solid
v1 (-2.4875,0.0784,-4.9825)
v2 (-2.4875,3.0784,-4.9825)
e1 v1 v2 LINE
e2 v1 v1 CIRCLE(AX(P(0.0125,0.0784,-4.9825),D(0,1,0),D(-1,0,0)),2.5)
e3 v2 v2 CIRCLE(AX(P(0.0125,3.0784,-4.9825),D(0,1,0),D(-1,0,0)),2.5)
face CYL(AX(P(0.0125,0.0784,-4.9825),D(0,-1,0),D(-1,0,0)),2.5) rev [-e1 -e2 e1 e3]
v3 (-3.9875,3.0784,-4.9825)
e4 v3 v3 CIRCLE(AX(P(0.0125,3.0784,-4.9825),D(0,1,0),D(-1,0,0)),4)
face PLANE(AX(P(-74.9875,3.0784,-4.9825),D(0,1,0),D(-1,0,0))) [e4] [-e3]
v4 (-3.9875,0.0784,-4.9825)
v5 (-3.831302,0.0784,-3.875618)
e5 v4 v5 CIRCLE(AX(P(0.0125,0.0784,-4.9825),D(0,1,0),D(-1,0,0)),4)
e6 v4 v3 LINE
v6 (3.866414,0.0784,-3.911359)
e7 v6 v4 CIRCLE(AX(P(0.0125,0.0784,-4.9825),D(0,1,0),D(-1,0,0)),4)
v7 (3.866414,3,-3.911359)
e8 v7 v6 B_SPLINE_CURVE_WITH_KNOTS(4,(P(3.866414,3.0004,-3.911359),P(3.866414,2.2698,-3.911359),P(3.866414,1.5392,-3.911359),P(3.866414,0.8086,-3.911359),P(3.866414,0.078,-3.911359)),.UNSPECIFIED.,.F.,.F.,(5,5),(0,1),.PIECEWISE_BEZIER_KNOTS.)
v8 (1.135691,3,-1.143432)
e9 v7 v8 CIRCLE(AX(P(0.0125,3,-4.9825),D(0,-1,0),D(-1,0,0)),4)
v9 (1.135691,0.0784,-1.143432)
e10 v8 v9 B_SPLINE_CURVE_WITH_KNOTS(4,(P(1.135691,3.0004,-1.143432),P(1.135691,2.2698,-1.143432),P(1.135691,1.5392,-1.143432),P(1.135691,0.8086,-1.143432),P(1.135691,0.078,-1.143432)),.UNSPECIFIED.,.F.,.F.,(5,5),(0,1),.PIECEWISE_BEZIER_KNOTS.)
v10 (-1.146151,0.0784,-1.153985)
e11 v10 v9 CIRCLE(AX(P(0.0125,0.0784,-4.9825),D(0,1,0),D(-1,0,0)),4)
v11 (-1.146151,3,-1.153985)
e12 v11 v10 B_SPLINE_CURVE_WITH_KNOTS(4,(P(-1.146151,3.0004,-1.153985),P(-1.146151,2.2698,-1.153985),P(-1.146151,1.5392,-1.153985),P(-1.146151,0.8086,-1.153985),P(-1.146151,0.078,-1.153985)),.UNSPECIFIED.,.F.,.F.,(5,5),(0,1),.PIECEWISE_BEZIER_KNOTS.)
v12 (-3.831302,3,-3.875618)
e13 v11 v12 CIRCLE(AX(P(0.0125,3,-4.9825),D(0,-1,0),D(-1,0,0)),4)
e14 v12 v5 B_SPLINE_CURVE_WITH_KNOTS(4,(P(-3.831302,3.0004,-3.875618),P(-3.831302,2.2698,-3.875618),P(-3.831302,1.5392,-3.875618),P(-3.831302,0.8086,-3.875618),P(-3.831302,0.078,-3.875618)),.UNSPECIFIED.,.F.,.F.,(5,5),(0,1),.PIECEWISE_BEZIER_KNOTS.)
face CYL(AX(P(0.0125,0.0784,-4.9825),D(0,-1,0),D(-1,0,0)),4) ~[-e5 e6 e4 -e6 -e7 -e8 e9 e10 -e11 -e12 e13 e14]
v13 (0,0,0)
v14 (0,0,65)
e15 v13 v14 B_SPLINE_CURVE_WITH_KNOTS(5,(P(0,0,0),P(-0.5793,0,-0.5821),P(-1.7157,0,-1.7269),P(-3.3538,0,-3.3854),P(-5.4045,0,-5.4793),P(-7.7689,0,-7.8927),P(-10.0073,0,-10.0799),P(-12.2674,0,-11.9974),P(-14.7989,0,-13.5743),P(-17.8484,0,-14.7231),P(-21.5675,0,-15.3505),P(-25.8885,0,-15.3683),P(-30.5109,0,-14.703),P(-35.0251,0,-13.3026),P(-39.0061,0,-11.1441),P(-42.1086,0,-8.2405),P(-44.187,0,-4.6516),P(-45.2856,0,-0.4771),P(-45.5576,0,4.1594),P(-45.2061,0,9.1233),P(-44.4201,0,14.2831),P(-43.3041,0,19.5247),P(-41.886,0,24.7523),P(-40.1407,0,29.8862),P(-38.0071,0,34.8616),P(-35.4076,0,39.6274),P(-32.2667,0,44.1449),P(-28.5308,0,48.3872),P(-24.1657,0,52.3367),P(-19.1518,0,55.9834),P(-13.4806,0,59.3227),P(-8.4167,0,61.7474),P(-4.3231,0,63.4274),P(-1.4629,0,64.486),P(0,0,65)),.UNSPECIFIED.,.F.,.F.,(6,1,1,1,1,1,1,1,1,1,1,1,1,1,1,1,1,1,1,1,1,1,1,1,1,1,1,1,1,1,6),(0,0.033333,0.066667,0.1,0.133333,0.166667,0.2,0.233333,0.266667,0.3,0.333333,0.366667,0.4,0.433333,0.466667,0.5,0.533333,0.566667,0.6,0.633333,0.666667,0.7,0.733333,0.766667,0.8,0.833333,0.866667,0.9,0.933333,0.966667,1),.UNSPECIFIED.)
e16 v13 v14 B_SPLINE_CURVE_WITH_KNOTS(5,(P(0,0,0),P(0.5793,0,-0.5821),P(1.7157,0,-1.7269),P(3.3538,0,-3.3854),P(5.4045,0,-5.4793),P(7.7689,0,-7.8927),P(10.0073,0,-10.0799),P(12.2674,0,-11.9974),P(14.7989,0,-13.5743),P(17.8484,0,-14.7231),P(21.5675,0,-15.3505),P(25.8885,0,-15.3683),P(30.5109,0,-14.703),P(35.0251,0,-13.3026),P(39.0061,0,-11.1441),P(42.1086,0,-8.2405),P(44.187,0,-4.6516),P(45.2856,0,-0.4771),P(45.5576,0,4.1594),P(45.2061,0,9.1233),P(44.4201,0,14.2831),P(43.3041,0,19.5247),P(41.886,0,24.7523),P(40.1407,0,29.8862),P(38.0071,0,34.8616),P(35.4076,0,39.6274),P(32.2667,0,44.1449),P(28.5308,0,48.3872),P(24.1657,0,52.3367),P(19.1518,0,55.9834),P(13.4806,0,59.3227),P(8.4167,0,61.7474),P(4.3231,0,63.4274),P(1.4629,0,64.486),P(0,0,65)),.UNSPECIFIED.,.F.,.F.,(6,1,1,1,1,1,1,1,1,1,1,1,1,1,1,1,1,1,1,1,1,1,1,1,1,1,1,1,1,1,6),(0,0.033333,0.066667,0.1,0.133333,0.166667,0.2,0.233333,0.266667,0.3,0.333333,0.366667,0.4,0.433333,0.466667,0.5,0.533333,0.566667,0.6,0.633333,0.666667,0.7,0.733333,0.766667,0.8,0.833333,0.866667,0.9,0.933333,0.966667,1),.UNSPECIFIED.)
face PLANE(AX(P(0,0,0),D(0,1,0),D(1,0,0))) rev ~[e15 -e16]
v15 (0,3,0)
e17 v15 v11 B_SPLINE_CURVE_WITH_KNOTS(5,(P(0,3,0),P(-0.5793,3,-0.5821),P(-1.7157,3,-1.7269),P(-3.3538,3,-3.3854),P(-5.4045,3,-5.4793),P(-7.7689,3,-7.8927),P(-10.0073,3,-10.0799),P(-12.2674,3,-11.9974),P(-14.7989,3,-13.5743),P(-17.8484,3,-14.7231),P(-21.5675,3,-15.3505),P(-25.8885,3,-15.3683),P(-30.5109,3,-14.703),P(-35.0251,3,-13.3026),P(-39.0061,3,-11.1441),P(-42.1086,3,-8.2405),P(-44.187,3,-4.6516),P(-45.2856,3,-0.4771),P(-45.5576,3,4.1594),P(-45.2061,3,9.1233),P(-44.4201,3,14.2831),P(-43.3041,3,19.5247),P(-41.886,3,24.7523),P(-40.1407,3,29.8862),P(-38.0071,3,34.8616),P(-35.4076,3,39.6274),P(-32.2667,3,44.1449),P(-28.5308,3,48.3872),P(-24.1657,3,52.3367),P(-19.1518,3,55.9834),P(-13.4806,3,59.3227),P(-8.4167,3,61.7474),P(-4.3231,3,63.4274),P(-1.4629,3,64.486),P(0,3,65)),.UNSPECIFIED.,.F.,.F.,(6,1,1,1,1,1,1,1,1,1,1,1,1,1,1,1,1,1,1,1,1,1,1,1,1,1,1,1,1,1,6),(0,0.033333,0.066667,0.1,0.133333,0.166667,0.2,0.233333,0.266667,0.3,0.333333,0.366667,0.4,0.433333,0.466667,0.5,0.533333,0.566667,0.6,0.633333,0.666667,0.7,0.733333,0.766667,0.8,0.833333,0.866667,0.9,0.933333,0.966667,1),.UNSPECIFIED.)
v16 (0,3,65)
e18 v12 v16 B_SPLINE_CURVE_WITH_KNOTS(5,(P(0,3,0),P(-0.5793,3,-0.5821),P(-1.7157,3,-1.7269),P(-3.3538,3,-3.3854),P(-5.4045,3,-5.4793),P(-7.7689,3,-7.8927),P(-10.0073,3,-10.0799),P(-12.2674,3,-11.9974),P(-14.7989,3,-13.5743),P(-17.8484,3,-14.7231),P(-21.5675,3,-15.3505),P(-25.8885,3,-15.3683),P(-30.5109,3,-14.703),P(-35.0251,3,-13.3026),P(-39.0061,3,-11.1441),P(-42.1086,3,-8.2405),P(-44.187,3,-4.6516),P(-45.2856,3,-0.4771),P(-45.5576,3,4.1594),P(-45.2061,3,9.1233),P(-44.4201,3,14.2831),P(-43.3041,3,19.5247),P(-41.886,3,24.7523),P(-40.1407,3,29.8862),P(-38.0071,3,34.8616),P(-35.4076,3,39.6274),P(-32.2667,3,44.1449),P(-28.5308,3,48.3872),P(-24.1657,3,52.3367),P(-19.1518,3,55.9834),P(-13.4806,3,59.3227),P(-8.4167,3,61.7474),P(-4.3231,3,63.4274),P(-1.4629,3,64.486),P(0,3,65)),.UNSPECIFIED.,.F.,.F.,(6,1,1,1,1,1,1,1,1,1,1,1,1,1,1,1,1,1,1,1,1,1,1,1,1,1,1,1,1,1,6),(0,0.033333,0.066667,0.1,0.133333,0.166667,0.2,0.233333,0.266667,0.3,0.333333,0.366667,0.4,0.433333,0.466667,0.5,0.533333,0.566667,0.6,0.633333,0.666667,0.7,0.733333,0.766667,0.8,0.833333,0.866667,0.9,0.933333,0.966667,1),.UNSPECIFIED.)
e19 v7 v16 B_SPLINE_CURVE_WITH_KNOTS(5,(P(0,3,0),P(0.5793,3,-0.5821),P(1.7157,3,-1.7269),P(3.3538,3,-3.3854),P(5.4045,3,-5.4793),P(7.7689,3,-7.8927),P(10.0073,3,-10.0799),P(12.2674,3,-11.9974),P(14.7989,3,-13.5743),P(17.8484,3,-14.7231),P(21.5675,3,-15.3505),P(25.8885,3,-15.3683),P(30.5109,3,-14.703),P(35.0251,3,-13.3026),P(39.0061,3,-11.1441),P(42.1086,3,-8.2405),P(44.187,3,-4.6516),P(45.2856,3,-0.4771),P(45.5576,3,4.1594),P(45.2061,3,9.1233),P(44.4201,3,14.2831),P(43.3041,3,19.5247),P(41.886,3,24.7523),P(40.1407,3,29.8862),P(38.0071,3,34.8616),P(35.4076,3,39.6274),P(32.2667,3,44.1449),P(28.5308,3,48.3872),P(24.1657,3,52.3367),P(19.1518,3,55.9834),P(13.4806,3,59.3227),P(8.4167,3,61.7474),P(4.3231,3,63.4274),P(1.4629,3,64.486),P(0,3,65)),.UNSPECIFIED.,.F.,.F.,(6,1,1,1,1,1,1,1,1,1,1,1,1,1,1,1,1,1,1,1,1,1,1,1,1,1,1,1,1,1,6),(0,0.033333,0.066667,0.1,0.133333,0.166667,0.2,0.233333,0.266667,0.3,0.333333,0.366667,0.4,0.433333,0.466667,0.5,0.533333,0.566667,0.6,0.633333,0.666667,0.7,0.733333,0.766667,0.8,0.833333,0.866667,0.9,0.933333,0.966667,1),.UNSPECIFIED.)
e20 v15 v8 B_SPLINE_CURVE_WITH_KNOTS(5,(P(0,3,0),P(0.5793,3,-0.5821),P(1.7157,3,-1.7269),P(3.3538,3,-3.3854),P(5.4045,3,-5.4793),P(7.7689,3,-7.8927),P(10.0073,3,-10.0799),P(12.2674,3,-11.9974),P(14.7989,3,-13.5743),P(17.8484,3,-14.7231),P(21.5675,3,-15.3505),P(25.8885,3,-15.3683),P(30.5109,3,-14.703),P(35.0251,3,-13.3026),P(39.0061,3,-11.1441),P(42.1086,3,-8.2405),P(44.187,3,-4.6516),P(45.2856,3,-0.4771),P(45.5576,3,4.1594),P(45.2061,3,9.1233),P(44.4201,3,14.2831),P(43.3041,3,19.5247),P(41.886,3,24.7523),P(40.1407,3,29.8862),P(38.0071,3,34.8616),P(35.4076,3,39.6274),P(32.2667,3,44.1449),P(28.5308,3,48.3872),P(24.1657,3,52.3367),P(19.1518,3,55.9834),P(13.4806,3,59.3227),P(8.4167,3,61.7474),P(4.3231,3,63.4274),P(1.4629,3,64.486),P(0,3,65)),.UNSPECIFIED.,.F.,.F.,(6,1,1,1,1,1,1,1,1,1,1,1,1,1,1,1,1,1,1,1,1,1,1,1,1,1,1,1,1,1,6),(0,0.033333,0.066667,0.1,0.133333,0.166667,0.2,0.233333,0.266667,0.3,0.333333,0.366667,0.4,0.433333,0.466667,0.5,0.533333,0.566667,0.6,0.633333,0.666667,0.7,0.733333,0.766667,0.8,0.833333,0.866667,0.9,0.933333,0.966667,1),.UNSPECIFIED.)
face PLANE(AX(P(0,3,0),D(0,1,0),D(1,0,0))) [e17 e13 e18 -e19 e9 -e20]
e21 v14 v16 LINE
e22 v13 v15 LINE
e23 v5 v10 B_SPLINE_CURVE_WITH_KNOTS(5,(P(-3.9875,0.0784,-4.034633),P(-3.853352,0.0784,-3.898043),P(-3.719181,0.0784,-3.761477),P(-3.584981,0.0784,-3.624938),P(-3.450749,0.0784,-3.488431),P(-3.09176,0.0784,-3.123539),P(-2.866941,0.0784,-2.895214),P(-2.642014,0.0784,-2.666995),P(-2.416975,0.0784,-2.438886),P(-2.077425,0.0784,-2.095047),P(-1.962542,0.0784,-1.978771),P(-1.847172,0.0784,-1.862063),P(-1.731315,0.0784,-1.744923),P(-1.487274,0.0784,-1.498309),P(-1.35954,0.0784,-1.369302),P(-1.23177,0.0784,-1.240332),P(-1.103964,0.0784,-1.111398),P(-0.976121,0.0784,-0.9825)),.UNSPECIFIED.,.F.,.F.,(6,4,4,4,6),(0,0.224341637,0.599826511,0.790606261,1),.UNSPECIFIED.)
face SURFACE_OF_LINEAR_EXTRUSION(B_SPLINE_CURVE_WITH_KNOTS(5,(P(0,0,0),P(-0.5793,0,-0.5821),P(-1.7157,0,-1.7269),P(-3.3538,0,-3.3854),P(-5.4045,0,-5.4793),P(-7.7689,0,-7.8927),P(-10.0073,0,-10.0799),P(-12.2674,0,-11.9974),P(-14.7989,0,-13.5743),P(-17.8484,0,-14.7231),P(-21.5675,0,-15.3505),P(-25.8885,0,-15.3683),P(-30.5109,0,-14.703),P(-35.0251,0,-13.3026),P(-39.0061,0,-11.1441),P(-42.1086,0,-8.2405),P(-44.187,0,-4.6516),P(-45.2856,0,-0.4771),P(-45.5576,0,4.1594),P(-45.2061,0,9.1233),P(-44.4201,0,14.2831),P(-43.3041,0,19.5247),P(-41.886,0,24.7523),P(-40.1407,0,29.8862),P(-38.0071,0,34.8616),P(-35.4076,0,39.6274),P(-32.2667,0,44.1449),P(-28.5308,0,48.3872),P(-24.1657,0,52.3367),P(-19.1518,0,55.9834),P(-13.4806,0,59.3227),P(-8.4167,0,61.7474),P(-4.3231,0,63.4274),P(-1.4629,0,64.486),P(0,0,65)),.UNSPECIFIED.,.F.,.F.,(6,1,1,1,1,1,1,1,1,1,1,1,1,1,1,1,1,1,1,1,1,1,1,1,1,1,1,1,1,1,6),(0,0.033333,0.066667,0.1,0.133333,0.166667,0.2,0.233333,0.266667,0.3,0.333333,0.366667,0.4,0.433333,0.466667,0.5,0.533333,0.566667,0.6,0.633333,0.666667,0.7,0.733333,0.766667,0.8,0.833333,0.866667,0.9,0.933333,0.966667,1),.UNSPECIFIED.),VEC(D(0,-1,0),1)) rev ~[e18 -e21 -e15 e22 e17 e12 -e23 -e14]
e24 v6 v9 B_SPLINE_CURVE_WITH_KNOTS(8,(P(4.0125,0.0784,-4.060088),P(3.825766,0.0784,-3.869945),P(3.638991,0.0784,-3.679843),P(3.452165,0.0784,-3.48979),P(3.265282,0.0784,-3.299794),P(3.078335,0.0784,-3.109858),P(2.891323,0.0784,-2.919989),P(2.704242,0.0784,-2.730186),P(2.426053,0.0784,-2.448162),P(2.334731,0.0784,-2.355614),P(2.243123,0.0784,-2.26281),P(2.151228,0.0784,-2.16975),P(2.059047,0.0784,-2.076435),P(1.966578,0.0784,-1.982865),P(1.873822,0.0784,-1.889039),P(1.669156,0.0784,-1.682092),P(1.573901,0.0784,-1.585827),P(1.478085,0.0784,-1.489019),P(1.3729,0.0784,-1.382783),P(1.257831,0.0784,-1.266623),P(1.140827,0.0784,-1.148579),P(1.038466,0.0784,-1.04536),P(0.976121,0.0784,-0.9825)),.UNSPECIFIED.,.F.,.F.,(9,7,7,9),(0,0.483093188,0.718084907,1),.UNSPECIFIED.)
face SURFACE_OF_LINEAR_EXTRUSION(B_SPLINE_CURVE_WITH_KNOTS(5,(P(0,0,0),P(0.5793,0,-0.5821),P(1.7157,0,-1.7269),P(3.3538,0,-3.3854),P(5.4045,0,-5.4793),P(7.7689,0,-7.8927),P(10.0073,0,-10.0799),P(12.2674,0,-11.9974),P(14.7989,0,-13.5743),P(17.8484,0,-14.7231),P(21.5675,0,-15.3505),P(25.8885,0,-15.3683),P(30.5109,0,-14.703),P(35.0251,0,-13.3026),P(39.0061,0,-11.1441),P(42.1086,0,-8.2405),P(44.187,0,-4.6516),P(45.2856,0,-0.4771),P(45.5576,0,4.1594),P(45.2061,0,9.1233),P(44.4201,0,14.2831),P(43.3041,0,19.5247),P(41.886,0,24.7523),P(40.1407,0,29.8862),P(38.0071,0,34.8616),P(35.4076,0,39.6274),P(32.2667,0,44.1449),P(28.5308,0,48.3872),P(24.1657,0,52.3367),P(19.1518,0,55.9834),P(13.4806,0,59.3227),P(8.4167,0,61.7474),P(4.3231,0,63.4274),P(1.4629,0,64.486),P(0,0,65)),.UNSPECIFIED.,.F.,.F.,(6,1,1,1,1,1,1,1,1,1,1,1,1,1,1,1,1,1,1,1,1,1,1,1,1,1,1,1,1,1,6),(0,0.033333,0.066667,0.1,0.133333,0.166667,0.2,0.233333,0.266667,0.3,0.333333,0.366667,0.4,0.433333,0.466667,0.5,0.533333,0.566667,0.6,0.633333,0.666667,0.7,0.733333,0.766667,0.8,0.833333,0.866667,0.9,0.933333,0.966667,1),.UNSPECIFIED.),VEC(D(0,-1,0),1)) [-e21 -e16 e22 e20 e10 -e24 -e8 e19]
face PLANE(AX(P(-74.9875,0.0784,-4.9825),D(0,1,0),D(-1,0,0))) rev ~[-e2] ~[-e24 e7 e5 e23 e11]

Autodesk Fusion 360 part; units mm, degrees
sketch "草图1" plane through (0, 0, 0) normal (0, 1, 0) x (1, 0, 0)
  spline S0 degree 5 poles (0, 0) (-0.5793, 0.5821) (-1.7157, 1.7269) (-3.3538, 3.3854) (-5.4045, 5.4793) (-7.7689, 7.8927) (-10.0073, 10.0799) (-12.2674, 11.9974) (-14.7989, 13.5743) (-17.8484, 14.7231) (-21.5675, 15.3505) (-25.8885, 15.3683) (-30.5109, 14.703) (-35.0251, 13.3026) (-39.0061, 11.1441) (-42.1086, 8.2405) (-44.187, 4.6516) (-45.2856, 0.4771) (-45.5576, -4.1594) (-45.2061, -9.1233) (-44.4201, -14.2831) (-43.3041, -19.5247) (-41.886, -24.7523) (-40.1407, -29.8862) (-38.0071, -34.8616) (-35.4076, -39.6274) (-32.2667, -44.1449) (-28.5308, -48.3872) (-24.1657, -52.3367) (-19.1518, -55.9834) (-13.4806, -59.3227) (-8.4167, -61.7474) (-4.3231, -63.4274) (-1.4629, -64.486) (0, -65) knots 0 0 0 0 0 0 0.033333 0.066667 0.1 0.133333 0.166667 0.2 0.233333 0.266667 0.3 0.333333 0.366667 0.4 0.433333 0.466667 0.5 0.533333 0.566667 0.6 0.633333 0.666667 0.7 0.733333 0.766667 0.8 0.833333 0.866667 0.9 0.933333 0.966667 1 1 1 1 1 1
  spline S1 degree 5 poles (0, 0) (0.5793, 0.5821) (1.7157, 1.7269) (3.3538, 3.3854) (5.4045, 5.4793) (7.7689, 7.8927) (10.0073, 10.0799) (12.2674, 11.9974) (14.7989, 13.5743) (17.8484, 14.7231) (21.5675, 15.3505) (25.8885, 15.3683) (30.5109, 14.703) (35.0251, 13.3026) (39.0061, 11.1441) (42.1086, 8.2405) (44.187, 4.6516) (45.2856, 0.4771) (45.5576, -4.1594) (45.2061, -9.1233) (44.4201, -14.2831) (43.3041, -19.5247) (41.886, -24.7523) (40.1407, -29.8862) (38.0071, -34.8616) (35.4076, -39.6274) (32.2667, -44.1449) (28.5308, -48.3872) (24.1657, -52.3367) (19.1518, -55.9834) (13.4806, -59.3227) (8.4167, -61.7474) (4.3231, -63.4274) (1.4629, -64.486) (0, -65) knots 0 0 0 0 0 0 0.033333 0.066667 0.1 0.133333 0.166667 0.2 0.233333 0.266667 0.3 0.333333 0.366667 0.4 0.433333 0.466667 0.5 0.533333 0.566667 0.6 0.633333 0.666667 0.7 0.733333 0.766667 0.8 0.833333 0.866667 0.9 0.933333 0.966667 1 1 1 1 1 1
  point P0 (-10, 10)
  point P1 (-20, 15)
  point P2 (-40, 10)
  point P3 (-45, -10)
  point P4 (-35, -40)
  point P5 (10, 10)
  point P6 (20, 15)
  point P7 (40, 10)
  point P8 (45, -10)
  point P9 (35, -40)
extrude "拉伸1" add sketch "草图1" along normal blind 3 makes body 1
sketch "草图2" plane through (0, 3, 0) normal (0, 1, 0) x (-1, 0, 0)
  spline S0 degree 5 poles (0, 0) (0.5793, -0.5821) (1.7157, -1.7269) (3.3538, -3.3854) (5.4045, -5.4793) (7.7689, -7.8927) (10.0073, -10.0799) (12.2674, -11.9974) (14.7989, -13.5743) (17.8484, -14.7231) (21.5675, -15.3505) (25.8885, -15.3683) (30.5109, -14.703) (35.0251, -13.3026) (39.0061, -11.1441) (42.1086, -8.2405) (44.187, -4.6516) (45.2856, -0.4771) (45.5576, 4.1594) (45.2061, 9.1233) (44.4201, 14.2831) (43.3041, 19.5247) (41.886, 24.7523) (40.1407, 29.8862) (38.0071, 34.8616) (35.4076, 39.6274) (32.2667, 44.1449) (28.5308, 48.3872) (24.1657, 52.3367) (19.1518, 55.9834) (13.4806, 59.3227) (8.4167, 61.7474) (4.3231, 63.4274) (1.4629, 64.486) (0, 65) knots 0 0 0 0 0 0 0.033333 0.066667 0.1 0.133333 0.166667 0.2 0.233333 0.266667 0.3 0.333333 0.366667 0.4 0.433333 0.466667 0.5 0.533333 0.566667 0.6 0.633333 0.666667 0.7 0.733333 0.766667 0.8 0.833333 0.866667 0.9 0.933333 0.966667 1 1 1 1 1 1
  spline S1 degree 5 poles (0, 65) (-1.4629, 64.486) (-4.3231, 63.4274) (-8.4167, 61.7474) (-13.4806, 59.3227) (-19.1518, 55.9834) (-24.1657, 52.3367) (-28.5308, 48.3872) (-32.2667, 44.1449) (-35.4076, 39.6274) (-38.0071, 34.8616) (-40.1407, 29.8862) (-41.886, 24.7523) (-43.3041, 19.5247) (-44.4201, 14.2831) (-45.2061, 9.1233) (-45.5576, 4.1594) (-45.2856, -0.4771) (-44.187, -4.6516) (-42.1086, -8.2405) (-39.0061, -11.1441) (-35.0251, -13.3026) (-30.5109, -14.703) (-25.8885, -15.3683) (-21.5675, -15.3505) (-17.8484, -14.7231) (-14.7989, -13.5743) (-12.2674, -11.9974) (-10.0073, -10.0799) (-7.7689, -7.8927) (-5.4045, -5.4793) (-3.3538, -3.3854) (-1.7157, -1.7269) (-0.5793, -0.5821) (0, 0) knots -1 -1 -1 -1 -1 -1 -0.966667 -0.933333 -0.9 -0.866667 -0.833333 -0.8 -0.766667 -0.733333 -0.7 -0.666667 -0.633333 -0.6 -0.566667 -0.533333 -0.5 -0.466667 -0.433333 -0.4 -0.366667 -0.333333 -0.3 -0.266667 -0.233333 -0.2 -0.166667 -0.133333 -0.1 -0.066667 -0.033333 0 0 0 0 0 0
  circle A0 centre (-75, 0) radius 2.5
  circle A1 centre (-75, 0) radius 4
  dimension "d3" = 5
  dimension "d4" = 8
extrude "拉伸2" add sketch "草图2" along normal blind 3 separate body contours A1 makes body 2
move_body "移动1" bodies 2 to x (1, 0, 0) y (0, 1, 0) z (0, 0, 1) at (-74.9875, -2.9216, -4.9825)
combine "合并1" operation add target body 1 tool bodies 2
